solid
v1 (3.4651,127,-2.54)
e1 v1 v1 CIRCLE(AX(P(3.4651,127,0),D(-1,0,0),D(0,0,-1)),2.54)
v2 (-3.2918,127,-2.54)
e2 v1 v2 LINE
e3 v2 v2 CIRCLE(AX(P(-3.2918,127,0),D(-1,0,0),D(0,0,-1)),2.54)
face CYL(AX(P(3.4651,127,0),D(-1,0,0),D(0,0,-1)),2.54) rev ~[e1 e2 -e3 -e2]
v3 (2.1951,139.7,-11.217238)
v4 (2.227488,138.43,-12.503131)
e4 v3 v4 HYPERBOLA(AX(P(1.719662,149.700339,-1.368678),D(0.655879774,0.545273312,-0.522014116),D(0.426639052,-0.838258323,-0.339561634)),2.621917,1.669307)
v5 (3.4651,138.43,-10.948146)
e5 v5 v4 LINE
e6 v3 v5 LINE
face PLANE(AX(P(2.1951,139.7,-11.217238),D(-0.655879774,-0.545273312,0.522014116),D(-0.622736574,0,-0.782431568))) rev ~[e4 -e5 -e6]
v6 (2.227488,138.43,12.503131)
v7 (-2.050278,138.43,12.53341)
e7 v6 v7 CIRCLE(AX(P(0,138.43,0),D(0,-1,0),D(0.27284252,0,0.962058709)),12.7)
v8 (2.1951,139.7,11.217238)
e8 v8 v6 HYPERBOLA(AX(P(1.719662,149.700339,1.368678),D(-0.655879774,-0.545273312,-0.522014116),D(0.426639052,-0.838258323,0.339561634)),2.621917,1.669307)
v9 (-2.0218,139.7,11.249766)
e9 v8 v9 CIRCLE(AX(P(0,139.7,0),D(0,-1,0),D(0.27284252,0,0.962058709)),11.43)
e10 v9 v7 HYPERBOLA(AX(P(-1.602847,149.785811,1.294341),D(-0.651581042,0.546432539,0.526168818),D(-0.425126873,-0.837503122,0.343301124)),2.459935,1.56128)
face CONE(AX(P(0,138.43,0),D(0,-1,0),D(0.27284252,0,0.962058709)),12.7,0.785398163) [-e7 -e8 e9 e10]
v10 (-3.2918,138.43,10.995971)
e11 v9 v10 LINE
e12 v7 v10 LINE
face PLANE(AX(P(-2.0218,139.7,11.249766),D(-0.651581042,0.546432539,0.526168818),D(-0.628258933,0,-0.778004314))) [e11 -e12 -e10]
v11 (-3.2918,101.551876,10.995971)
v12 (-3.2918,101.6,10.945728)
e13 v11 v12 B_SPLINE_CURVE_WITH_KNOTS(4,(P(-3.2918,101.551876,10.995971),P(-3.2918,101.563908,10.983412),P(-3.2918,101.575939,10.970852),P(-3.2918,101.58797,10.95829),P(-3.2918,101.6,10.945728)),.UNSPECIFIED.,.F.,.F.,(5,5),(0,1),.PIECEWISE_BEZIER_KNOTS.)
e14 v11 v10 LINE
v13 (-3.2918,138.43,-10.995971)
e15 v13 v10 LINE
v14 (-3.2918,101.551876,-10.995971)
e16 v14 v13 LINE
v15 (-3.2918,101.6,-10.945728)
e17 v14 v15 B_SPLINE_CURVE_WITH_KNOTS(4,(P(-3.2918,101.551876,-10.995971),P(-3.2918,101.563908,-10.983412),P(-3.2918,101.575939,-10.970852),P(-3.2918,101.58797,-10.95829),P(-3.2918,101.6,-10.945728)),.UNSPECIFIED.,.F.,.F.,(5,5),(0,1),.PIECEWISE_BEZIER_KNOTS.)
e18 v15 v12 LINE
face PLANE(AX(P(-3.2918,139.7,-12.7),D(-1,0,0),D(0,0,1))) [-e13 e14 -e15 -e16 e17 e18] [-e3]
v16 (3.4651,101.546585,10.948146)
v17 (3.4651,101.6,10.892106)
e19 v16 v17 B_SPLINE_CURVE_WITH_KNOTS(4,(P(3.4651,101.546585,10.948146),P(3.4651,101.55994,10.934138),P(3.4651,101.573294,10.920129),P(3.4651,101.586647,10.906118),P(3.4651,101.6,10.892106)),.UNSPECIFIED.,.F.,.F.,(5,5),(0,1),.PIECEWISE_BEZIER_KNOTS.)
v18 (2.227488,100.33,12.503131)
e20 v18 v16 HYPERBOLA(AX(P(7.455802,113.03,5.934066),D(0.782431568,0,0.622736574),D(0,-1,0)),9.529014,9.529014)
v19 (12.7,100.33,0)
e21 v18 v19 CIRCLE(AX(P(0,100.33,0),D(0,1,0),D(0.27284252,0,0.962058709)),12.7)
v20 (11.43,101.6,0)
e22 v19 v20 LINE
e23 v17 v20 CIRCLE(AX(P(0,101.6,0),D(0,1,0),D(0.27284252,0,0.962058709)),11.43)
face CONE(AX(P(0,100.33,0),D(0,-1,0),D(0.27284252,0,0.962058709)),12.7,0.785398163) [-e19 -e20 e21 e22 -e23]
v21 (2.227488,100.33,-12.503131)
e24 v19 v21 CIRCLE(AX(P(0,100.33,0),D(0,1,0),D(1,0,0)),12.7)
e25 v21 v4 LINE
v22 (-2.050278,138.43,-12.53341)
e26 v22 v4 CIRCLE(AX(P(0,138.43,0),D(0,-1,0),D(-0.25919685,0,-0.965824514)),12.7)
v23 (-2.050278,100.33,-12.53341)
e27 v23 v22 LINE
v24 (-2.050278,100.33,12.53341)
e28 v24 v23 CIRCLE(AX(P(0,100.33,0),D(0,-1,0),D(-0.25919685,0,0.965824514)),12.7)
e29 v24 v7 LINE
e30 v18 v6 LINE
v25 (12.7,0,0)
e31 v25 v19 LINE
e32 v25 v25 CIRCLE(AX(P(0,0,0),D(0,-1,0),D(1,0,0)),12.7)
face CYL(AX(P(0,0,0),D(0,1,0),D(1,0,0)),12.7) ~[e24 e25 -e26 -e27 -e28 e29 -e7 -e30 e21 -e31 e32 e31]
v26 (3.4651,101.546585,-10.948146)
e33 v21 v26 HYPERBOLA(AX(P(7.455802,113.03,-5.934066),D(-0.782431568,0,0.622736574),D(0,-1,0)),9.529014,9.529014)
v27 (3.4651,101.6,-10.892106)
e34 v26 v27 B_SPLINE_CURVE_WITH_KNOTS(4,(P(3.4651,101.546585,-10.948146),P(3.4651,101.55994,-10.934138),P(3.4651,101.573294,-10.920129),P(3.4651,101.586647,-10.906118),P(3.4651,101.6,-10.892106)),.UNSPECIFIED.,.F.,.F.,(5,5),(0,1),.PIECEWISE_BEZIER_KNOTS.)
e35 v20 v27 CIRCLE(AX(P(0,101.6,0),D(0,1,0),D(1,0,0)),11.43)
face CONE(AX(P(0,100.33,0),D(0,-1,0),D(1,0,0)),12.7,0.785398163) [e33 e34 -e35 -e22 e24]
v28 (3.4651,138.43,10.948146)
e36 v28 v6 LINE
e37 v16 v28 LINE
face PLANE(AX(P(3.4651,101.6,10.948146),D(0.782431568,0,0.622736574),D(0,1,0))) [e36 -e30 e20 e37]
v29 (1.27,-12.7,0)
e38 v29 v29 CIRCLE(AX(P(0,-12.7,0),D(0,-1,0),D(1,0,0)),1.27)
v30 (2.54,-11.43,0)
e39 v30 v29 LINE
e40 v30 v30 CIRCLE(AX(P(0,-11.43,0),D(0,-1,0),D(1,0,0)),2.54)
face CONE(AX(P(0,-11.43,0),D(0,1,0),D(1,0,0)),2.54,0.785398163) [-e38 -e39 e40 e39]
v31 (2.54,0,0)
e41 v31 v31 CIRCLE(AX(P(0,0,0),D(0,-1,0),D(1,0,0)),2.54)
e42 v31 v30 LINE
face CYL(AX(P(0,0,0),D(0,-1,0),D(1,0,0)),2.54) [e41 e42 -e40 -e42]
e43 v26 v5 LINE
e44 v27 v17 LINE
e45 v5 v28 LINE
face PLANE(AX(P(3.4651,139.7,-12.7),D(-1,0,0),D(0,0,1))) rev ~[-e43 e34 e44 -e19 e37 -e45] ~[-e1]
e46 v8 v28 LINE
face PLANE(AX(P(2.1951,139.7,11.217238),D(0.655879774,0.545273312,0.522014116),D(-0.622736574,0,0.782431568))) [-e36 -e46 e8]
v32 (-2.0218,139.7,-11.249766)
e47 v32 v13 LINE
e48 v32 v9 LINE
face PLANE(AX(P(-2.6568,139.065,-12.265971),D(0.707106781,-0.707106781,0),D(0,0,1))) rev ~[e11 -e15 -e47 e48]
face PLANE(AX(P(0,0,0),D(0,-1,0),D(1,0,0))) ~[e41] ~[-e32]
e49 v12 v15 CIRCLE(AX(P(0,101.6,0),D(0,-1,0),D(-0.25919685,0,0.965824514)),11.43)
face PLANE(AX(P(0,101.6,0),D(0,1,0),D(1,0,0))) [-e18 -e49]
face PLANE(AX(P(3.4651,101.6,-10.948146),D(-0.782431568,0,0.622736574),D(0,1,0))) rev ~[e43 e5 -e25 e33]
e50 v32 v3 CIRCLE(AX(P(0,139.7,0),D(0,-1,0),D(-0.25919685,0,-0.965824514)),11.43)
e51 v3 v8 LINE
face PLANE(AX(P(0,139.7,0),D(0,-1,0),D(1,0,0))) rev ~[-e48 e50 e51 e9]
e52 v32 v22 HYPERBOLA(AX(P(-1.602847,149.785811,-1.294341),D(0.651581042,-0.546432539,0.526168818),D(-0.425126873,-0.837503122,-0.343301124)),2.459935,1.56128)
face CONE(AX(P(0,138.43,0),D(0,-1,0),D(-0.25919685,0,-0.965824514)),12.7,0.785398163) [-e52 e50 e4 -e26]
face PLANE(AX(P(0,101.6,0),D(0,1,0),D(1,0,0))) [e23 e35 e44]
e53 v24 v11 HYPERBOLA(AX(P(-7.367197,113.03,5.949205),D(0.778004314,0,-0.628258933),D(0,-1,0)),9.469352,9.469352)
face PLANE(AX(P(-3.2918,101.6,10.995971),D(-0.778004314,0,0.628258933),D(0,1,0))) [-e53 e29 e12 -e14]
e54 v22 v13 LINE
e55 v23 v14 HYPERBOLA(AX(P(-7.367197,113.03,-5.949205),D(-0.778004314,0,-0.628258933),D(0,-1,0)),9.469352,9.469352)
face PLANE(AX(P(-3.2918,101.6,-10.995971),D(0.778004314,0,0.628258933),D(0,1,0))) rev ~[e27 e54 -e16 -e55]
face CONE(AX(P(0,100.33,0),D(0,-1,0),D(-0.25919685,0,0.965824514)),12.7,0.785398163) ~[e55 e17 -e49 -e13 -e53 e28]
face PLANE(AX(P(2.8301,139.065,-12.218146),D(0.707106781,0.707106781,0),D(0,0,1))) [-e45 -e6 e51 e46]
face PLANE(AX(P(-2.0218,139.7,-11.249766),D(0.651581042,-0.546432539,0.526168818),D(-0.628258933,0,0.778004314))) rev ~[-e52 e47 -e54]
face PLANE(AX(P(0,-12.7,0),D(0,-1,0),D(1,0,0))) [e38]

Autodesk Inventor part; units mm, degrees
ref_plane "YZ Plane" through (0, 0, 0) normal (1, 0, 0) x (0, 1, 0)
ref_plane "XZ Plane" through (0, 0, 0) normal (0, 1, 0) x (-1, 0, 0)
ref_plane "XY Plane" through (0, 0, 0) normal (0, 0, 1) x (1, 0, 0)
sketch "Sketch1" plane through (0, 0, 0) normal (0, 0, 1) x (1, 0, 0)
  line L0 (0, 0) -> (12.7, 0)
  line L1 (12.7, 0) -> (12.7, 139.7)
  line L2 (12.7, 139.7) -> (0, 139.7)
  line L3 (0, 139.7) -> (0, 0)
  line L4 (0, 0) -> (2.54, 0)
  line L5 (2.54, 0) -> (2.54, -12.7)
  line L6 (2.54, -12.7) -> (0, -12.7)
  line L7 (0, -12.7) -> (0, 0)
  dimension "d0" = 12.7
  dimension "d1" = 139.7
  dimension "d2" = 12.7
  dimension "d3" = 2.54
revolve "Revolution1" add sketch "Sketch1" angle 360 about axis through (0, 139.7, 0) along (0, -1, 0)
sketch "Sketch4" plane through (0, 139.7, 0) normal (0, 1, 0) x (1, 0, 0)
  line L0 (3.175, -12.7) -> (3.175, 12.7)
  line L1 (3.175, 12.7) -> (-3.175, 12.7)
  line L2 (-3.175, 12.7) -> (-3.175, -12.7)
  line L3 (-3.175, -12.7) -> (3.175, -12.7)
  line L4 (3.175, -12.7) -> (-3.175, 12.7) construction
  line L5 (3.175, 12.7) -> (-3.175, -12.7) construction
  point P0 (0, 0)
  dimension "d24" = 6.35
  dimension "d25" = 25.4
sketch "Sketch5" plane through (0, 139.7, 0) normal (0, 1, 0) x (1, 0, 0)
  line L0 (-3.2918, -12.7) -> (-12.7, -12.7)
  line L1 (-12.7, -12.7) -> (-12.7, 12.7)
  line L2 (-12.7, 12.7) -> (-3.2918, 12.7)
  line L3 (-3.2918, 12.7) -> (-3.2918, -12.7)
  line L4 (3.4651, -12.7) -> (12.7, -12.7)
  line L5 (12.7, -12.7) -> (12.7, 12.7)
  line L6 (12.7, 12.7) -> (3.4651, 12.7)
  line L7 (3.4651, 12.7) -> (3.4651, -12.7)
  point P0 (0, 0)
extrude "Extrusion2" cut sketch "Sketch5" against normal blind 38.1
sketch "Sketch6" plane through (3.4651, 139.7, 12.2181) normal (1, 0, 0) x (0, 0, -1)
  line L0 (-0.4819, -139.7) -> (24.9181, -139.7) projected
  point P0 (12.2181, -139.7)
  point P1 (12.2181, -12.7)
  dimension "d28" = 127
hole "Hole2" at (3.4651, 127, 0) direction (-1, 0, 0) diameter 5.08 end through all
chamfer "Chamfer3" distance 1.27 angle 45 12 edges at (10.1316, 101.6, -7.6578) (10.1316, 101.6, 7.6578) (3.4651, 120.65, -12.2181) (3.4651, 120.65, 12.2181) (3.4651, 139.7, 0) (0.0899, 139.7, -12.6997) (0.0899, 139.7, 12.6997) (-3.2918, 139.7, 0) (-3.2918, 120.65, -12.266) (-3.2918, 120.65, 12.266) (-12.7, 101.6, 0) (-2.54, -12.7, 0)
properties part number "2016.06.13 height guide"
